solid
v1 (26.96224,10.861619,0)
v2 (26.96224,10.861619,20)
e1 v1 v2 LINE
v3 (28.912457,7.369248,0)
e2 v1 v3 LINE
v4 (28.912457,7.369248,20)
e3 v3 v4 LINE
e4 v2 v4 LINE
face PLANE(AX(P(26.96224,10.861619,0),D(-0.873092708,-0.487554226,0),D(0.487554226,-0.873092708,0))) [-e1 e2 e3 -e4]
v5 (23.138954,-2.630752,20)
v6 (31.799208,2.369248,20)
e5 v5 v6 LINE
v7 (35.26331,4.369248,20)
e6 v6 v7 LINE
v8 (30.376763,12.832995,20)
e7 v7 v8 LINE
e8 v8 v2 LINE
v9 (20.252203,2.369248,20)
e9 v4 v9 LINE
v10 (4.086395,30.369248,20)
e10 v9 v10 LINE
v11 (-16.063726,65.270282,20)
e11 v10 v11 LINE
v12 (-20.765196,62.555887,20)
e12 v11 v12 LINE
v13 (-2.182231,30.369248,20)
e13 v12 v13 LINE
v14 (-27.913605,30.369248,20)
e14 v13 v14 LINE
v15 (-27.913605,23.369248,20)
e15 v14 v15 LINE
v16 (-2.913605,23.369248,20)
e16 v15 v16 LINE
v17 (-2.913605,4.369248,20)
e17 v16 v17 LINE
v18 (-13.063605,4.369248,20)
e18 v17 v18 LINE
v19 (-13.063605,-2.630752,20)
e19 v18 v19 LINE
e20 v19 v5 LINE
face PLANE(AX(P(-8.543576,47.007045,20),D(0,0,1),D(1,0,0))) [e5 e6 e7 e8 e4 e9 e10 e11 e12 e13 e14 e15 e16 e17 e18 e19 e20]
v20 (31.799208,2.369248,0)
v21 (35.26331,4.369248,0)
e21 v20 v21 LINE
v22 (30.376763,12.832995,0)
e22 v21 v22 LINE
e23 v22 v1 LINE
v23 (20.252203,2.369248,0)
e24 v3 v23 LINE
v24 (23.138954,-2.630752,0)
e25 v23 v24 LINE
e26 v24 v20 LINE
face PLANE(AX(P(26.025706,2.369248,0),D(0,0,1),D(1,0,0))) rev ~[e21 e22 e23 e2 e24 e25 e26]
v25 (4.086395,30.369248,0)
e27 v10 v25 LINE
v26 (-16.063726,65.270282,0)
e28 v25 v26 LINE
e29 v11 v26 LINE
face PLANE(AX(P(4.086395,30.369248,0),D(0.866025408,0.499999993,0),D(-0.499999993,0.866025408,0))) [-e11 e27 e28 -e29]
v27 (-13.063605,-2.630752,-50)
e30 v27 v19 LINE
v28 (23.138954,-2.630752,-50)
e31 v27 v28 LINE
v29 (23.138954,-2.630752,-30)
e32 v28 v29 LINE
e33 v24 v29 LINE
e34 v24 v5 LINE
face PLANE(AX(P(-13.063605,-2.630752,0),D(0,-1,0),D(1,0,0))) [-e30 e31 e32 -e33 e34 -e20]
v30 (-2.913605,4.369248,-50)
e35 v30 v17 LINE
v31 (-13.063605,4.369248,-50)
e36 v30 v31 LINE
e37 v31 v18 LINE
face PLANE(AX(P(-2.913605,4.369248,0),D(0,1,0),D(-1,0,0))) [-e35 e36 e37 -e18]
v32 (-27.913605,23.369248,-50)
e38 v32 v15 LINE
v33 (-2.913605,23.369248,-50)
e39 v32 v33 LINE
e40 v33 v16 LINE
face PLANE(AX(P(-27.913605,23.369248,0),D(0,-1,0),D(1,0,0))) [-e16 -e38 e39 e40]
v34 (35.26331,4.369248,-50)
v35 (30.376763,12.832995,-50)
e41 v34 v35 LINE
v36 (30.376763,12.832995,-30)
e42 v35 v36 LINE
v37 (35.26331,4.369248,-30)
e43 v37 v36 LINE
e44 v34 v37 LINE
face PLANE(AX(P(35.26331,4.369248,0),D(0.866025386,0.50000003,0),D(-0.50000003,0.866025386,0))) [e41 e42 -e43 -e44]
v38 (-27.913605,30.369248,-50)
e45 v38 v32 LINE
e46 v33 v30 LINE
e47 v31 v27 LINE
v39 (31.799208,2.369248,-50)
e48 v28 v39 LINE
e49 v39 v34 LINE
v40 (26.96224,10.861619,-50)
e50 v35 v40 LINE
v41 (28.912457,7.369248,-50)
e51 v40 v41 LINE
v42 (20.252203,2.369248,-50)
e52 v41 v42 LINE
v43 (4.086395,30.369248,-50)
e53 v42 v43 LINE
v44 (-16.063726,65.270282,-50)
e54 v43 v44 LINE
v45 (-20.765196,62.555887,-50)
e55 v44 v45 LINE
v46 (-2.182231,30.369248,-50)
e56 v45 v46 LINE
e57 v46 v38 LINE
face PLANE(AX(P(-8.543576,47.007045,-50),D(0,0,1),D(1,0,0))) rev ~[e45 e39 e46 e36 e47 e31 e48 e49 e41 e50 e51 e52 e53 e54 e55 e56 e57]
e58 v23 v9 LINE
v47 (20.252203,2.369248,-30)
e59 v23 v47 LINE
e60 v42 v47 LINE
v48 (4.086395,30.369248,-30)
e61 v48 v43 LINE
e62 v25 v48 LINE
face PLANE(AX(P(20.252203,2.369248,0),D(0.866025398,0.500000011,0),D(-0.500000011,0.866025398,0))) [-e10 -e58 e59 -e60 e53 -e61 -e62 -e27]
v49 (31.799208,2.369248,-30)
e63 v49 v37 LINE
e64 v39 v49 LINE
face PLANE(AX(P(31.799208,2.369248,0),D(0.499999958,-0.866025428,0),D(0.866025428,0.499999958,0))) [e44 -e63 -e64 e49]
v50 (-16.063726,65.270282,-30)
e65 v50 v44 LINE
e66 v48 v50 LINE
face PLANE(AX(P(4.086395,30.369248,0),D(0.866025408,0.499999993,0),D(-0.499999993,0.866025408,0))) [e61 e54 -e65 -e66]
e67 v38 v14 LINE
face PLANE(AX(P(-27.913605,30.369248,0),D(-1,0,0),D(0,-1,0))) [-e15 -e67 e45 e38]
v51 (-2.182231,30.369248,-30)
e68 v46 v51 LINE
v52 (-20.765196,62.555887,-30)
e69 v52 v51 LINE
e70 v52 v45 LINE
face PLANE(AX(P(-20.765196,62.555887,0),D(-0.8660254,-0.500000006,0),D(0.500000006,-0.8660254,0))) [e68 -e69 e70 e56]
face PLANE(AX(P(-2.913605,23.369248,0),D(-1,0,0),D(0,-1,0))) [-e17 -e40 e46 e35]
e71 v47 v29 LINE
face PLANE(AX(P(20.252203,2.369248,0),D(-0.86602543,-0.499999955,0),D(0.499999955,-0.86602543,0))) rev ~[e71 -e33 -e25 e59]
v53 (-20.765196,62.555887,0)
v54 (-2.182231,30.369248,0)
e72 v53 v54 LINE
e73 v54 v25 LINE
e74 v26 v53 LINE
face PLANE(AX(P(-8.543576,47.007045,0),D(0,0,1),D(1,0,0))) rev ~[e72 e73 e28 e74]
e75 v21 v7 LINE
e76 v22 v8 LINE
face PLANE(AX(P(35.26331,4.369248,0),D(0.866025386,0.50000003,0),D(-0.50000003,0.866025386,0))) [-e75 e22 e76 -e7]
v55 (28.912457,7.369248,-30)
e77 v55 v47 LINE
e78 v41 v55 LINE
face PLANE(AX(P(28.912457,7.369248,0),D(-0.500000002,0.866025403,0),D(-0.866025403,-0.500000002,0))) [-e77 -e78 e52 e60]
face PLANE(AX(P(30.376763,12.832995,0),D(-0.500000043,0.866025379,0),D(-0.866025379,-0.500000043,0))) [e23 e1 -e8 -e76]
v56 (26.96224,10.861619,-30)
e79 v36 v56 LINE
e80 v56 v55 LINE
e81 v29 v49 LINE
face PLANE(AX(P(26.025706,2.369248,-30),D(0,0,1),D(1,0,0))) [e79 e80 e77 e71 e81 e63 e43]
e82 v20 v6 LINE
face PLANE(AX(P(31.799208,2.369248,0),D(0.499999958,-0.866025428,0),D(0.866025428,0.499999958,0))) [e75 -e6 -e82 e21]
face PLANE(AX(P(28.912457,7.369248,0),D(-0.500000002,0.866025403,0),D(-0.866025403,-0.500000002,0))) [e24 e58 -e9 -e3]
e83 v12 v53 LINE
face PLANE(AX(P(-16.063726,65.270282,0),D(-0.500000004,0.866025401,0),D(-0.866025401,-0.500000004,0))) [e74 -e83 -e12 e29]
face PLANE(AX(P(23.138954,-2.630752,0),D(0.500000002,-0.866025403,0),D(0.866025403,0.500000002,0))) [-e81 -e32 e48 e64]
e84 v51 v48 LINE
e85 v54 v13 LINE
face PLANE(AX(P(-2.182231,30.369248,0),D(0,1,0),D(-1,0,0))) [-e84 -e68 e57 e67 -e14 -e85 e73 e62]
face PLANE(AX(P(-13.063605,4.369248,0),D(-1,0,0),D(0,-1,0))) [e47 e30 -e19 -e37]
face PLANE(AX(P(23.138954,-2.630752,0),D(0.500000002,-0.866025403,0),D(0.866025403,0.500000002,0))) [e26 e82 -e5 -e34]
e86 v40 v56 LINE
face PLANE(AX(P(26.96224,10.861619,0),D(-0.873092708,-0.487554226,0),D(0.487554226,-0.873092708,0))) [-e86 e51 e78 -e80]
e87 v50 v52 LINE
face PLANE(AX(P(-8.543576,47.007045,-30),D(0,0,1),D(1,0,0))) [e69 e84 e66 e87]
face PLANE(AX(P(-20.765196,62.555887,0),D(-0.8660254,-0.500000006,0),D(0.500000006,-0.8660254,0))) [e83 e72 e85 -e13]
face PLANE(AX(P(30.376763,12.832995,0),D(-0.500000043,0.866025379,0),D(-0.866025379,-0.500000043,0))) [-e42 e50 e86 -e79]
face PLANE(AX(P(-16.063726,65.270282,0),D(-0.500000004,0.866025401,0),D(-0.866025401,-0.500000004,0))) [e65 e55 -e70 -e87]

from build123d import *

# Parameters (mm, degrees)
F1_DEPTH = 20
F2_DEPTH = 50
F3_DEPTH = 30


with BuildPart() as f1:
    # F0 (on Top) → F1 (new body)
    with BuildSketch(Plane.XY):
        Polygon((-20.765196, 62.555887), (-2.182231, 30.369248), (4.086395, 30.369248), (-16.063726, 65.270282), align=None)
        Polygon((-27.913605, 30.369248), (-27.913605, 23.369248), (-3.063605, 23.369248), (-2.913605, 23.369248), (-2.913605, 4.369248), (-3.063605, 4.369248), (-13.063605, 4.369248), (-13.063605, -2.630752), (4.086395, -2.630752), (4.086395, 30.369248), (-2.182231, 30.369248), align=None)
        Polygon((20.252203, 2.369248), (4.086395, 30.369248), (4.086395, -2.630752), (23.138954, -2.630752), align=None)
        Polygon((28.912457, 7.369248), (20.252203, 2.369248), (23.138954, -2.630752), (31.799208, 2.369248), align=None)
        Polygon((26.96224, 10.861619), (28.912457, 7.369248), (31.799208, 2.369248), (35.26331, 4.369248), (30.376763, 12.832995), align=None)
    extrude(amount=F1_DEPTH)

    # F0 (on Top) → F2 (join)
    with BuildSketch(Plane.XY):
        Polygon((-20.765196, 62.555887), (-2.182231, 30.369248), (4.086395, 30.369248), (-16.063726, 65.270282), align=None)
        Polygon((-27.913605, 30.369248), (-27.913605, 23.369248), (-3.063605, 23.369248), (-2.913605, 23.369248), (-2.913605, 4.369248), (-3.063605, 4.369248), (-13.063605, 4.369248), (-13.063605, -2.630752), (4.086395, -2.630752), (4.086395, 30.369248), (-2.182231, 30.369248), align=None)
        Polygon((20.252203, 2.369248), (4.086395, 30.369248), (4.086395, -2.630752), (23.138954, -2.630752), align=None)
        Polygon((28.912457, 7.369248), (20.252203, 2.369248), (23.138954, -2.630752), (31.799208, 2.369248), align=None)
        Polygon((26.96224, 10.861619), (28.912457, 7.369248), (31.799208, 2.369248), (35.26331, 4.369248), (30.376763, 12.832995), align=None)
    extrude(amount=-F2_DEPTH)

    # F0 (on Top) → F3 (cut)
    with BuildSketch(Plane.XY):
        Polygon((-20.765196, 62.555887), (-2.182231, 30.369248), (4.086395, 30.369248), (-16.063726, 65.270282), align=None)
        Polygon((28.912457, 7.369248), (20.252203, 2.369248), (23.138954, -2.630752), (31.799208, 2.369248), align=None)
        Polygon((26.96224, 10.861619), (28.912457, 7.369248), (31.799208, 2.369248), (35.26331, 4.369248), (30.376763, 12.832995), align=None)
    extrude(amount=-F3_DEPTH, mode=Mode.SUBTRACT)


solid = f1.part
